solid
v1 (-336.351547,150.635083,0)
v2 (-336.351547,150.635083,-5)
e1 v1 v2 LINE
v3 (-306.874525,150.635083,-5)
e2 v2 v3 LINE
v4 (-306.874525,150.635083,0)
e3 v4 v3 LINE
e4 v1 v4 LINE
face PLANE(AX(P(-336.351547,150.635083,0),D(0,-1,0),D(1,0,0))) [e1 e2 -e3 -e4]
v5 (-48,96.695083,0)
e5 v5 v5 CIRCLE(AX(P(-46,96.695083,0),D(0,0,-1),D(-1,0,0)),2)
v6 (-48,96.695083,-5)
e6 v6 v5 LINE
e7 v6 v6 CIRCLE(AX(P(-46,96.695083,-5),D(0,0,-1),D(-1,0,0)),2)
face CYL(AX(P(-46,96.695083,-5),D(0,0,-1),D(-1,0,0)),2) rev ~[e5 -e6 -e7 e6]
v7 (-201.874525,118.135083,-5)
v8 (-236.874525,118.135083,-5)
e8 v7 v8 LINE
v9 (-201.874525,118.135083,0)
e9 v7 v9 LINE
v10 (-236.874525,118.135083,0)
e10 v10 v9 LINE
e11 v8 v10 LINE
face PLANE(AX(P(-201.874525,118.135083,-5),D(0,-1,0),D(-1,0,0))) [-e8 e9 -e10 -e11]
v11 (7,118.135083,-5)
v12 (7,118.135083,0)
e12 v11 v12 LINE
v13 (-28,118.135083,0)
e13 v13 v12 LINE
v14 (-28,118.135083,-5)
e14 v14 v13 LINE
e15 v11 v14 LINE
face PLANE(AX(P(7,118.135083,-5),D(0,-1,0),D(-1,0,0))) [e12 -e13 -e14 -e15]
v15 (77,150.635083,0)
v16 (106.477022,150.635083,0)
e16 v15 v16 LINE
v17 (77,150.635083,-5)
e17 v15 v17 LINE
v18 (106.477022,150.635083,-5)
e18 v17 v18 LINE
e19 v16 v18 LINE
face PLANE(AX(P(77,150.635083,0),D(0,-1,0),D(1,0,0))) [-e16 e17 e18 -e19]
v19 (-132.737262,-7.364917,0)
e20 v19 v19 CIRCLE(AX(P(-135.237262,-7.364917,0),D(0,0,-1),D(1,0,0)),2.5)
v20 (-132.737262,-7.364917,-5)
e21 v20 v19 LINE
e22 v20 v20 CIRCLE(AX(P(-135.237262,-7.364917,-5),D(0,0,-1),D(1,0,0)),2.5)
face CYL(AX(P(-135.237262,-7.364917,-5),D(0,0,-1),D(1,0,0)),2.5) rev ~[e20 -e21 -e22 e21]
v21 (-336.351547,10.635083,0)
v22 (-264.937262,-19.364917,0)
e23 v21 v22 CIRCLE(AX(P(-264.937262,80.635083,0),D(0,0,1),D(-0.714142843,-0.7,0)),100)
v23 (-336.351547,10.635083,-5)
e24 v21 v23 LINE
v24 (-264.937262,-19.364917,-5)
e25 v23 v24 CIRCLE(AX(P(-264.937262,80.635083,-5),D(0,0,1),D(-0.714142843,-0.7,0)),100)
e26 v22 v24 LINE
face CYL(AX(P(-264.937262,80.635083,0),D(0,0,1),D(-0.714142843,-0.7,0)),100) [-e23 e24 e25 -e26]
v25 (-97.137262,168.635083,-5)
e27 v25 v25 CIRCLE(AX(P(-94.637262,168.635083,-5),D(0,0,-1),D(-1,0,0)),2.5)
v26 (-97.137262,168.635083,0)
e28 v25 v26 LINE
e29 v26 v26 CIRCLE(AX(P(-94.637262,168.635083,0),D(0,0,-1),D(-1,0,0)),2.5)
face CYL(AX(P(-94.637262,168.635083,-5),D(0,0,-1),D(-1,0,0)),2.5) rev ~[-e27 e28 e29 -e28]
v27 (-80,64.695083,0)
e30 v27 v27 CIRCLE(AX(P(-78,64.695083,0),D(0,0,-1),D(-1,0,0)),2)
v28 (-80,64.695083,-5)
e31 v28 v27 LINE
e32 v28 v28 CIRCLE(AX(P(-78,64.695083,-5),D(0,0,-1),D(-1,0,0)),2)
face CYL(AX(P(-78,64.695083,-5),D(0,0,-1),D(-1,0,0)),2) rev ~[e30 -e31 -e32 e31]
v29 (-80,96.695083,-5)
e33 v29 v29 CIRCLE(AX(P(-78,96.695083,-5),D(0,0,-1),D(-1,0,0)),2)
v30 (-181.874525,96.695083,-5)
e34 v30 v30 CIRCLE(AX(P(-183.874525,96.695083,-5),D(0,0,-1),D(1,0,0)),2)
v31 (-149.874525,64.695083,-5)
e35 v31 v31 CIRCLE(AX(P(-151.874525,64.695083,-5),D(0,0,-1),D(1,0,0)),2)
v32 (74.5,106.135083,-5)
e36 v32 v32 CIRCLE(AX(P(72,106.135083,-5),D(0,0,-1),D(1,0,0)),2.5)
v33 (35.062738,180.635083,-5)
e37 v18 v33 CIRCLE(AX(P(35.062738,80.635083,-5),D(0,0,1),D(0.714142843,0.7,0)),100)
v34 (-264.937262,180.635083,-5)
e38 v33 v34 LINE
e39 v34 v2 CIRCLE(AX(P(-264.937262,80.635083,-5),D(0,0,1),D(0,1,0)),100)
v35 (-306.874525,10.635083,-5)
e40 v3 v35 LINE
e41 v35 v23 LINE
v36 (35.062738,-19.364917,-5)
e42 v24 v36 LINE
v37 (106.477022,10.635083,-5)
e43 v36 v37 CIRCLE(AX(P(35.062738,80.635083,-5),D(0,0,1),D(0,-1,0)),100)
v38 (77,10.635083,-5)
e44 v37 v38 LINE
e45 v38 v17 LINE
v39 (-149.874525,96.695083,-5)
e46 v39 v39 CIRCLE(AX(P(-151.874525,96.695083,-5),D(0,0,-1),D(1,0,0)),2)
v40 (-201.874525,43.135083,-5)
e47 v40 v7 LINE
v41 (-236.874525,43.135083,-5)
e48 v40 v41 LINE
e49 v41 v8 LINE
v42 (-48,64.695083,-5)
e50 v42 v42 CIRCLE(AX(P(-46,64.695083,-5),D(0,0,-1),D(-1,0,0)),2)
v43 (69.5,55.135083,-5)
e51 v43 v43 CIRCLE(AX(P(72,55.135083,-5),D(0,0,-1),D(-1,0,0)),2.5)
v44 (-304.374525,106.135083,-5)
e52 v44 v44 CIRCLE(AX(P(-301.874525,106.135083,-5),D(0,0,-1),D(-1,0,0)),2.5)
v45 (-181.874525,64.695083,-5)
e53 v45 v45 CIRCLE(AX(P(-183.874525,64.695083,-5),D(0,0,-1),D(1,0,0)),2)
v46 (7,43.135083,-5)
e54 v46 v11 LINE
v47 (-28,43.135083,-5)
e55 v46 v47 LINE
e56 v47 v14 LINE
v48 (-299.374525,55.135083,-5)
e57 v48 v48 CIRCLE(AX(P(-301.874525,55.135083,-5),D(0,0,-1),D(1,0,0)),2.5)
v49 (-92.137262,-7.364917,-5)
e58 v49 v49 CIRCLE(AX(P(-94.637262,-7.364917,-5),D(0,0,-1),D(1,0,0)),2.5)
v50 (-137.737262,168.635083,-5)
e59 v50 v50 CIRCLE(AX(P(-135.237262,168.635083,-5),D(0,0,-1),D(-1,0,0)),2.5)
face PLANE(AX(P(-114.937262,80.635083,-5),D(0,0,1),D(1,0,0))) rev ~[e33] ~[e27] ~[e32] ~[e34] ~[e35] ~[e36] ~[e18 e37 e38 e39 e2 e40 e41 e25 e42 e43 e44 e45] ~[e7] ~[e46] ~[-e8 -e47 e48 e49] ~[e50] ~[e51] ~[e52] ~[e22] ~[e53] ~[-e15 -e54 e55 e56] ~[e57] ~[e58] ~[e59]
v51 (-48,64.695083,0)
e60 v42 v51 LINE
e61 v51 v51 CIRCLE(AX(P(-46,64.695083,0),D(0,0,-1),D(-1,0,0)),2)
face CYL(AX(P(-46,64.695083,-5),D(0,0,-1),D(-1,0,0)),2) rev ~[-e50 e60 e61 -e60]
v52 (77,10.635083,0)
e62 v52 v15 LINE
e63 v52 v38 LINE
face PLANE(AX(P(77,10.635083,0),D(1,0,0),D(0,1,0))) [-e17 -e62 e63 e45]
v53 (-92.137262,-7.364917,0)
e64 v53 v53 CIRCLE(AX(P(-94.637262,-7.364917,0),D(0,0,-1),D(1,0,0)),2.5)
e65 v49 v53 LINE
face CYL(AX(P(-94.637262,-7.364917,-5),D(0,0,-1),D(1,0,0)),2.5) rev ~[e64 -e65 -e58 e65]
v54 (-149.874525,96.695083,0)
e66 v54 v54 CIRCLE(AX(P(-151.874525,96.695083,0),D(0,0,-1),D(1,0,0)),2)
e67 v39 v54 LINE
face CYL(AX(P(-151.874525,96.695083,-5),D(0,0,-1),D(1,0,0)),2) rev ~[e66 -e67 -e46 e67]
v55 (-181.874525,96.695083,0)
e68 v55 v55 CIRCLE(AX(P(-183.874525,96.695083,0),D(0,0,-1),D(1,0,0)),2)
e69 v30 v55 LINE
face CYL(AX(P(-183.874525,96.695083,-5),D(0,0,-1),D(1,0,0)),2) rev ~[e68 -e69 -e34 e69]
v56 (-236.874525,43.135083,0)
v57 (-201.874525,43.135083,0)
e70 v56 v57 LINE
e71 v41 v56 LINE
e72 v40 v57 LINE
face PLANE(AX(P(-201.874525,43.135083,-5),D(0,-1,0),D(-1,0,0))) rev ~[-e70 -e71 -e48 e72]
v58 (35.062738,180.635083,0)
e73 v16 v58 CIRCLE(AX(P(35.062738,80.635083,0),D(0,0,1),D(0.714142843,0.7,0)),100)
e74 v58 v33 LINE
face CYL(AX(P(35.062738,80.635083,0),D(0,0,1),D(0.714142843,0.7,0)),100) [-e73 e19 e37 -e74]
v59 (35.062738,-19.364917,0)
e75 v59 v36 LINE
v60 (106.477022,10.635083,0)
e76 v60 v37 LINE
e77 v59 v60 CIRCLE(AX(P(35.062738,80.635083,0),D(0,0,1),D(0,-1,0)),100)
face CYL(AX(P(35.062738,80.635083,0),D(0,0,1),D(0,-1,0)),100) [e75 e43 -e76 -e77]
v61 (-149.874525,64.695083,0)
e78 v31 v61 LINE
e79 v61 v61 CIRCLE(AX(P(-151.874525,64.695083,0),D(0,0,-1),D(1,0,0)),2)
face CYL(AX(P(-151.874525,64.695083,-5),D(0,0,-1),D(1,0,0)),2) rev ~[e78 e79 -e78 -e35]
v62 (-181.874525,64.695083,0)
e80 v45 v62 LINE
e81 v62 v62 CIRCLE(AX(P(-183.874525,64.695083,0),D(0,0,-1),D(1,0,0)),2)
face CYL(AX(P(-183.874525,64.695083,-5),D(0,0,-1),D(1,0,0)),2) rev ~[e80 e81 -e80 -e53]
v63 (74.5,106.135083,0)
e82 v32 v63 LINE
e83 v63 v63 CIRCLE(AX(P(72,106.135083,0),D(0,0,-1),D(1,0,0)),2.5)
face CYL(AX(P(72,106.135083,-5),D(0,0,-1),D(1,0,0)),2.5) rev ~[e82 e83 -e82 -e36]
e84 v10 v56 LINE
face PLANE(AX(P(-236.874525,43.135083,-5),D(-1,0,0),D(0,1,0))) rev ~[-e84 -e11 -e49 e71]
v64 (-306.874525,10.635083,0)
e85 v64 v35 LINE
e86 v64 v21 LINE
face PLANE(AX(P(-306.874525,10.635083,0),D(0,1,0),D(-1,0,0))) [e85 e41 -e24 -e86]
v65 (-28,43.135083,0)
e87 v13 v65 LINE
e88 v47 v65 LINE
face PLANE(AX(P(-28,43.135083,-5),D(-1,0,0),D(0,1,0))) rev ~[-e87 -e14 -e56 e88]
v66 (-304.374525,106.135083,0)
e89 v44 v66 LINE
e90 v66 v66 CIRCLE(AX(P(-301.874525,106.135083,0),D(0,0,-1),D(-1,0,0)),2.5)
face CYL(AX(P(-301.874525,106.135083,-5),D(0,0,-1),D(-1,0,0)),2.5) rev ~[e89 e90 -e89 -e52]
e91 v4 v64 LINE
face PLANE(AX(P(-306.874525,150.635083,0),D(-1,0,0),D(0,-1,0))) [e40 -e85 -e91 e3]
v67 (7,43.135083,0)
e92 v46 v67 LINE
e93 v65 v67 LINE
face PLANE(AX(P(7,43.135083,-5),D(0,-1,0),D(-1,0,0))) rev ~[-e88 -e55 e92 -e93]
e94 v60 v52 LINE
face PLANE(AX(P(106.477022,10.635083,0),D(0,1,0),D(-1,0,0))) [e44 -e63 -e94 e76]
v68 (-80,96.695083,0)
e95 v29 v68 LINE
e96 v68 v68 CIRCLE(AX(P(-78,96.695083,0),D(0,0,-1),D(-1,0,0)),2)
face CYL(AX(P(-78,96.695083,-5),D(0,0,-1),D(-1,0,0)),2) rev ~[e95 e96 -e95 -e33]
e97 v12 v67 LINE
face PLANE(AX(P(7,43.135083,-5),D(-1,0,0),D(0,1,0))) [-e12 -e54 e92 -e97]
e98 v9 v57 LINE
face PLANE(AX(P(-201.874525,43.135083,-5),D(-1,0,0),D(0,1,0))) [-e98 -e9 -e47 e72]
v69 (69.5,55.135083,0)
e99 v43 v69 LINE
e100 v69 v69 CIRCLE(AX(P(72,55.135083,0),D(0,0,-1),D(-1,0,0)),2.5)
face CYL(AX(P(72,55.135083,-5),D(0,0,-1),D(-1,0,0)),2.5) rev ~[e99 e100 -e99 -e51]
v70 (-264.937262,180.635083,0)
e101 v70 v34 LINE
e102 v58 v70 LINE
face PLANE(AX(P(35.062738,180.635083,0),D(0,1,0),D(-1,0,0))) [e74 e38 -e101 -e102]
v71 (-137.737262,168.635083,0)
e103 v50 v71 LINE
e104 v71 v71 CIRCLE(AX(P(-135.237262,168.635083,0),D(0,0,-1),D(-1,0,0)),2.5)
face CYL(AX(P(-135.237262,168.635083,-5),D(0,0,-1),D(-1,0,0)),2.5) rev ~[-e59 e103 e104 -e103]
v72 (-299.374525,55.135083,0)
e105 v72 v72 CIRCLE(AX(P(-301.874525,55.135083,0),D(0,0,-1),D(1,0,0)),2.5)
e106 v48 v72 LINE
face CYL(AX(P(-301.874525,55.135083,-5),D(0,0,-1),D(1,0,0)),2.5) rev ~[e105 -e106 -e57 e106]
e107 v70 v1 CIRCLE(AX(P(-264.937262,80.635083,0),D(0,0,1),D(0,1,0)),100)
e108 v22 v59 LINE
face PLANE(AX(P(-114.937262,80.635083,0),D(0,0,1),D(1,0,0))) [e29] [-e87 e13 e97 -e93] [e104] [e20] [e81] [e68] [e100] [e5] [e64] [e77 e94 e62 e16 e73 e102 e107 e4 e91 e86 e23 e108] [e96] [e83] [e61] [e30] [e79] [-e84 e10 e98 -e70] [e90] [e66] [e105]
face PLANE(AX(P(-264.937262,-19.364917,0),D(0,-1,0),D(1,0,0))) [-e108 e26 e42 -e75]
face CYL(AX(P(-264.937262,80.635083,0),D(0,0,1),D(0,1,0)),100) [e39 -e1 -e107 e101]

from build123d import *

# Parameters (mm, degrees)
BOSS_EXTRUDE1_DEPTH = 5
SKETCH2_R           = 2.5
SKETCH2_W           = 35
SKETCH2_H           = 75
CUT_EXTRUDE1_DEPTH  = 10
SKETCH4_R           = 2
CUT_EXTRUDE3_DEPTH  = 10
SKETCH5_R           = 2.5
CUT_EXTRUDE4_DEPTH  = 10


with BuildPart() as part:
    # Sketch1 → Boss-Extrude1 (new body)
    with BuildSketch(Plane.XY):
        with BuildLine():
            Line((77, 150.635083269), (106.477021815, 150.635083269))
            ThreePointArc((106.477021815, 150.635083269), (73.792570992, 172.830527842), (35.06273753, 180.635083269))
            Line((35.06273753, 180.635083269), (-264.93726247, 180.635083269))
            ThreePointArc((-264.93726247, 180.635083269), (-303.667095932, 172.830527842), (-336.351546756, 150.635083269))
            Line((-336.351546756, 150.635083269), (-306.874524941, 150.635083269))
            Line((-306.874524941, 150.635083269), (-306.874524941, 10.635083269))
            Line((-306.874524941, 10.635083269), (-336.351546756, 10.635083269))
            ThreePointArc((-336.351546756, 10.635083269), (-303.667095932, -11.560361304), (-264.93726247, -19.364916731))
            Line((-264.93726247, -19.364916731), (35.06273753, -19.364916731))
            ThreePointArc((35.06273753, -19.364916731), (73.792570992, -11.560361304), (106.477021815, 10.635083269))
            Line((106.477021815, 10.635083269), (77, 10.635083269))
            Line((77, 10.635083269), (77, 150.635083269))
        make_face()
    extrude(amount=-BOSS_EXTRUDE1_DEPTH)

    # Sketch2 → Cut-Extrude1 (cut)
    with BuildSketch(Plane(origin=(0, 0, -5), x_dir=(-1, 0, 0), z_dir=(0, 0, -1))):
        with Locations((301.874524941, 106.135083269)):
            Circle(SKETCH2_R)
        with Locations(Location((301.874524941, 55.135083269, 0), (0, 0, 180))):
            Circle(SKETCH2_R)
        with Locations((-72, 55.135083269)):
            Circle(SKETCH2_R)
        with Locations(Location((-72, 106.135083269, 0), (0, 0, 180))):
            Circle(SKETCH2_R)
        with Locations((219.374524941, 80.635083269)):
            Rectangle(SKETCH2_W, SKETCH2_H)
        with Locations((10.5, 80.635083269)):
            Rectangle(SKETCH2_W, SKETCH2_H)
    extrude(amount=-CUT_EXTRUDE1_DEPTH, mode=Mode.SUBTRACT)

    # Sketch4 → Cut-Extrude3 (cut)
    with BuildSketch(Plane(origin=(0, 0, -5), x_dir=(-1, 0, 0), z_dir=(0, 0, -1))):
        with Locations((46, 64.695083269)):
            Circle(SKETCH4_R)
        with Locations((46, 96.695083269)):
            Circle(SKETCH4_R)
        with Locations((78, 64.695083269)):
            Circle(SKETCH4_R)
        with Locations((78, 96.695083269)):
            Circle(SKETCH4_R)
        with Locations(Location((151.874524941, 64.695083269, 0), (0, 0, 180))):
            Circle(SKETCH4_R)
        with Locations(Location((183.874524941, 64.695083269, 0), (0, 0, 180))):
            Circle(SKETCH4_R)
        with Locations(Location((183.874524941, 96.695083269, 0), (0, 0, 180))):
            Circle(SKETCH4_R)
        with Locations(Location((151.874524941, 96.695083269, 0), (0, 0, 180))):
            Circle(SKETCH4_R)
    extrude(amount=-CUT_EXTRUDE3_DEPTH, mode=Mode.SUBTRACT)

    # Sketch5 → Cut-Extrude4 (cut)
    with BuildSketch(Plane(origin=(0, 0, -5), x_dir=(-1, 0, 0), z_dir=(0, 0, -1))):
        with Locations((94.63726247, 168.635083269)):
            Circle(SKETCH5_R)
        with Locations((135.23726247, 168.635083269)):
            Circle(SKETCH5_R)
        with Locations(Location((94.63726247, -7.364916731, 0), (0, 0, 180))):
            Circle(SKETCH5_R)
        with Locations(Location((135.23726247, -7.364916731, 0), (0, 0, 180))):
            Circle(SKETCH5_R)
    extrude(amount=-CUT_EXTRUDE4_DEPTH, mode=Mode.SUBTRACT)


solid = part.part
